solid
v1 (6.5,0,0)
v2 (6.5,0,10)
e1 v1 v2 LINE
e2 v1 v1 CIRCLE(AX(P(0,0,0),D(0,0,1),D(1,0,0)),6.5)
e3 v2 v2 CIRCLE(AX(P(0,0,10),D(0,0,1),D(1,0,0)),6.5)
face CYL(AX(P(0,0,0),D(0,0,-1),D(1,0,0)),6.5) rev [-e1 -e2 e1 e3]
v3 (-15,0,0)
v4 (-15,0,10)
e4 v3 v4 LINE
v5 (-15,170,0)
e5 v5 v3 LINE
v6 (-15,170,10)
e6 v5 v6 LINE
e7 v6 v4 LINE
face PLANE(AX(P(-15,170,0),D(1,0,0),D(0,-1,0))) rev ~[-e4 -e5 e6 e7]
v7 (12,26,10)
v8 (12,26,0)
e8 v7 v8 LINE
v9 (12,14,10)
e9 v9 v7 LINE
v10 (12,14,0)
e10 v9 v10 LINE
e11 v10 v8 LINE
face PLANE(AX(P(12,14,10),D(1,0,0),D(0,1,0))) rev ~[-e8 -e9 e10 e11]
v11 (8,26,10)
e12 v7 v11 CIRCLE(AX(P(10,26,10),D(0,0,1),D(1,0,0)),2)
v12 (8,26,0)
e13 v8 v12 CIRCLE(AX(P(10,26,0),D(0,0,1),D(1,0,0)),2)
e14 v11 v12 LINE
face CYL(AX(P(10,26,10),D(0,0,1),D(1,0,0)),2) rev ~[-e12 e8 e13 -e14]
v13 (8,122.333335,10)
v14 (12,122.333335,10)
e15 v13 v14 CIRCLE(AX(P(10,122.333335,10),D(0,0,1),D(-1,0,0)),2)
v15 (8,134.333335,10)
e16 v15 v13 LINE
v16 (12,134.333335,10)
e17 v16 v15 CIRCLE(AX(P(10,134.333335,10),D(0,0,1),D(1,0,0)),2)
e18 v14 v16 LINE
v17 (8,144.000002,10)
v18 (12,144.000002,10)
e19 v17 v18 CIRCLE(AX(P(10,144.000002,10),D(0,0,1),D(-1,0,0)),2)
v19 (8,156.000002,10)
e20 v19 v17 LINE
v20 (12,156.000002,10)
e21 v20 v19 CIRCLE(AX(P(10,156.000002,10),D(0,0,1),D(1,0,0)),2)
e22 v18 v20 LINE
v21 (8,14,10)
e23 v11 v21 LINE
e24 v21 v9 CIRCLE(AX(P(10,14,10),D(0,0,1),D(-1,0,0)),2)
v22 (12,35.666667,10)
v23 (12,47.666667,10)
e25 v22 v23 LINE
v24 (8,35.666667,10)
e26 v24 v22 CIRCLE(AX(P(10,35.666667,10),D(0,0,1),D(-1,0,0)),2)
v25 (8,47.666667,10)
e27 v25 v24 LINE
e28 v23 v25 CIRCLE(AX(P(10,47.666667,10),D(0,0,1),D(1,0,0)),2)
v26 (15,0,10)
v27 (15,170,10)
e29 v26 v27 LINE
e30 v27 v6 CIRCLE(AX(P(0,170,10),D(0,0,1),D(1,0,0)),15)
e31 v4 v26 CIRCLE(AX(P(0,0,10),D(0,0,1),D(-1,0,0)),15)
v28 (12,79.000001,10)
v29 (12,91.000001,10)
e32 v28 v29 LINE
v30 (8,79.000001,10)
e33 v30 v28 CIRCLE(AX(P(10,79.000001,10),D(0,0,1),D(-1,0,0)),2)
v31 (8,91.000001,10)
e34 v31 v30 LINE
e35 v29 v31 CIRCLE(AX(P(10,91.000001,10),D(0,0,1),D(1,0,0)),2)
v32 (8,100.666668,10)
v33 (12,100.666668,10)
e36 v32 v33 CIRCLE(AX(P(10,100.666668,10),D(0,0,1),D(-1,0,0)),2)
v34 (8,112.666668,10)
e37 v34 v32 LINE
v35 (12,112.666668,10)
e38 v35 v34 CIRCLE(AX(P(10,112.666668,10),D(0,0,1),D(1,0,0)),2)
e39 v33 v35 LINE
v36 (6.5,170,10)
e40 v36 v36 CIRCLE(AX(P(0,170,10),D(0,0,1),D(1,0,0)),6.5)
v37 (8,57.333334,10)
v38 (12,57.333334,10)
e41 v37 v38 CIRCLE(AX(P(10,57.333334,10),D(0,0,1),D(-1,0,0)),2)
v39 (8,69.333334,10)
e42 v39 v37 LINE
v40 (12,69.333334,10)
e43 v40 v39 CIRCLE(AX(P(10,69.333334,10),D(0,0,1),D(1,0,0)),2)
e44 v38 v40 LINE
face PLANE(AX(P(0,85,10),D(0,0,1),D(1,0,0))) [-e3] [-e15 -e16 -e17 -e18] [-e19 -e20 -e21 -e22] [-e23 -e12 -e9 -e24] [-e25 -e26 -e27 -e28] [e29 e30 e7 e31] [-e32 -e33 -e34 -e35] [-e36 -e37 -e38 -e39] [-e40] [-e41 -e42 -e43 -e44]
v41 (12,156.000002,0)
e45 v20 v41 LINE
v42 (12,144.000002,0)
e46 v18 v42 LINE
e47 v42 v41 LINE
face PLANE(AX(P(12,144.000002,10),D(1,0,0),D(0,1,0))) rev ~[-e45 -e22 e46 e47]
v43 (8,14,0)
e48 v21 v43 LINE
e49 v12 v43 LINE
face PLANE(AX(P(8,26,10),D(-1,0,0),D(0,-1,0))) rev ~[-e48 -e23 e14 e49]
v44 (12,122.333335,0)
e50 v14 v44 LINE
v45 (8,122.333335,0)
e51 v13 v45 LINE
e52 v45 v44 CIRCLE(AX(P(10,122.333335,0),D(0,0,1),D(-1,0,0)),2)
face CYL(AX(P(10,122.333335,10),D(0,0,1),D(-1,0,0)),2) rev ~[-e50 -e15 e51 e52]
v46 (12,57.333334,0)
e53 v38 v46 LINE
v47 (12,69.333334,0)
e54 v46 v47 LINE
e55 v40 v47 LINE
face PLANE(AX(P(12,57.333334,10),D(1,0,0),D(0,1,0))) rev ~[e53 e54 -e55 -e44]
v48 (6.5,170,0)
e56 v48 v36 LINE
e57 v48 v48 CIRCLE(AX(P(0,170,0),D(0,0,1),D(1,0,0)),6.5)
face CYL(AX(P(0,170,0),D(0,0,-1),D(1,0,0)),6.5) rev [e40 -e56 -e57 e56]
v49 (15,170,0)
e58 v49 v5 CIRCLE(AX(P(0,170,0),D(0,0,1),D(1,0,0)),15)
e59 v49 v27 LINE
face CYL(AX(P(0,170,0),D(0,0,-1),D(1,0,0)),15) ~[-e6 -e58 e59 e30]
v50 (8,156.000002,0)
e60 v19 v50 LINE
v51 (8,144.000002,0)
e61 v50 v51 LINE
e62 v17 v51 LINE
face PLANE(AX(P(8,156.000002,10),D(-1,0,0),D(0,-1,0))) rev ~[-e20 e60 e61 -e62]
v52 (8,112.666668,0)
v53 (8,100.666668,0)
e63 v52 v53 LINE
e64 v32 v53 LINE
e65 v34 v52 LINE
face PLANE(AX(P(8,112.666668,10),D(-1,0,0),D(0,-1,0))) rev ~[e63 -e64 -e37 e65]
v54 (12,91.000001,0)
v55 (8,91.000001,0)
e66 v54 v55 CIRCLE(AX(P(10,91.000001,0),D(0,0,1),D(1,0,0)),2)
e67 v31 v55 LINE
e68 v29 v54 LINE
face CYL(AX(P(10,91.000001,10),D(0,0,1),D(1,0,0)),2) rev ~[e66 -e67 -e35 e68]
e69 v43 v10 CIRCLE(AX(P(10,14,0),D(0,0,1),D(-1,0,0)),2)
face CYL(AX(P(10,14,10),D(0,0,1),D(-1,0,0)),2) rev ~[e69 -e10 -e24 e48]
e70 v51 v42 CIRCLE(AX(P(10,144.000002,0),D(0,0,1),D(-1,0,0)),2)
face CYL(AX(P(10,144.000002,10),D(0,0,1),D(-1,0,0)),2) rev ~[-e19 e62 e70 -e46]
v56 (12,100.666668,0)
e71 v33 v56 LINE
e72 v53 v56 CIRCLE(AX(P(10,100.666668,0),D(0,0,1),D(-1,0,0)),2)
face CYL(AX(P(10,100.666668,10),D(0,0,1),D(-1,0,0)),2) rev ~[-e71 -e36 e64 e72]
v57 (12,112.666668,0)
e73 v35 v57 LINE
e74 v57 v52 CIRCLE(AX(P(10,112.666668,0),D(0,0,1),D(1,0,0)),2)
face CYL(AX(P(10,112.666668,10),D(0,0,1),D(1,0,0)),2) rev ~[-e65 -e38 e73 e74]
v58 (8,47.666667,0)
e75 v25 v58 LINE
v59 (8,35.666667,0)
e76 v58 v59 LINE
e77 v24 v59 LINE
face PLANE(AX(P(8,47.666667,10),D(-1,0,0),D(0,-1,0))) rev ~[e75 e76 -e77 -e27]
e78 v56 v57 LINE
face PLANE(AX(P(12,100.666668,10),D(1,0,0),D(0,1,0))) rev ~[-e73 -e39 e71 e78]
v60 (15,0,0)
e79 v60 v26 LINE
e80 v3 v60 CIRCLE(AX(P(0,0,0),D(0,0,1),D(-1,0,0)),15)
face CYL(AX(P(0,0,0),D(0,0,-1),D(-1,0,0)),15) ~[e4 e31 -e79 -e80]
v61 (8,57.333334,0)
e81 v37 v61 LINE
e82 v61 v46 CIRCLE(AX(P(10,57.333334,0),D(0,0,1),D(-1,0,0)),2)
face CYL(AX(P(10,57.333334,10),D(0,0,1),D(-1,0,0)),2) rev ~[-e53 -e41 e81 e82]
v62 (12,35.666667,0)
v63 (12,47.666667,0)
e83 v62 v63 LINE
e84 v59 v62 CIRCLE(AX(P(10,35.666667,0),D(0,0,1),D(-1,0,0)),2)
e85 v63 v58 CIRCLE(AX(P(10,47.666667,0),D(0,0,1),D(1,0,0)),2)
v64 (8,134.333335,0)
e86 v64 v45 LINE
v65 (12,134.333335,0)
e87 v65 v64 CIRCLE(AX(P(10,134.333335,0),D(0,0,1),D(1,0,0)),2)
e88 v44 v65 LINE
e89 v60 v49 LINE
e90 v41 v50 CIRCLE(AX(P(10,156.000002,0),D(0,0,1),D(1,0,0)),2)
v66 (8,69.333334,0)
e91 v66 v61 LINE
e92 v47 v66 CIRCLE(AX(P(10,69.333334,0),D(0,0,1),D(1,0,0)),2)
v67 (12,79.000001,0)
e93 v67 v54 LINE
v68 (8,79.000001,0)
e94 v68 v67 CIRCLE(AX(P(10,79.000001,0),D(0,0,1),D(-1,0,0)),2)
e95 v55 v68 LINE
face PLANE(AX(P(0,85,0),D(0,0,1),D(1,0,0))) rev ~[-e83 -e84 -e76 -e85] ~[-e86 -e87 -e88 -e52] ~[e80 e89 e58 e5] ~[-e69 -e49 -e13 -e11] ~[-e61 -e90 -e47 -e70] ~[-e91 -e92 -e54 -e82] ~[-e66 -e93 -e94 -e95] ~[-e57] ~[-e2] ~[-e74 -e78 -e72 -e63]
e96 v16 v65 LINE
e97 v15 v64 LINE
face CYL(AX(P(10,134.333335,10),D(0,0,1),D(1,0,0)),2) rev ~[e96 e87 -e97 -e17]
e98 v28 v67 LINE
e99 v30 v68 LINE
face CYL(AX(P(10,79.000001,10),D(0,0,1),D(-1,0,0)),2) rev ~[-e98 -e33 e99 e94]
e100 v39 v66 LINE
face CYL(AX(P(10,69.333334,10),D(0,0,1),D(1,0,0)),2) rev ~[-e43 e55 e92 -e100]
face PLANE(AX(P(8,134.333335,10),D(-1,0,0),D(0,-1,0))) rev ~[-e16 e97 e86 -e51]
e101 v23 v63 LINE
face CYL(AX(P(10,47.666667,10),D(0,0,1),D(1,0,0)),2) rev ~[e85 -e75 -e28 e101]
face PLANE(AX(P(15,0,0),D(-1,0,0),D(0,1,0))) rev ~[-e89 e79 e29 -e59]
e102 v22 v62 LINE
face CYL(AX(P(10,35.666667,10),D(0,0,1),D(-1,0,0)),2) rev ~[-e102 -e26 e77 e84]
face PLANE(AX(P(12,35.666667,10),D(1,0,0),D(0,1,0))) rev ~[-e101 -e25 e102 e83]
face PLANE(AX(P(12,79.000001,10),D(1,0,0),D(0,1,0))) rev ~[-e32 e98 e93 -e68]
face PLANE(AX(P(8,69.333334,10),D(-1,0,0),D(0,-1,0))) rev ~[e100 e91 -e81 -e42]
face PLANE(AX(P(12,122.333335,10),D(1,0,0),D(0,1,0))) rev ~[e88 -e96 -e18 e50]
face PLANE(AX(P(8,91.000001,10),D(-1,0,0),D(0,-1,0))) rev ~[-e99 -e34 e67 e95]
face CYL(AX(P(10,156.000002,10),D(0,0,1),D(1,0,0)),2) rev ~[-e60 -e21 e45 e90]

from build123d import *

# Parameters (mm, degrees)
SKETCH_R            = 6.5
PAD_DEPTH           = 10
POCKET_DEPTH        = 12
LINEARPATTERN_COUNT = 7
LINEARPATTERN_PITCH = 21.666667


with BuildPart() as part:
    # Sketch → Pad (new body)
    with BuildSketch(Plane.XY):
        with BuildLine():
            ThreePointArc((-15, 0), (0, -15), (15, 0))
            Line((15, 0), (15, 170))
            ThreePointArc((15, 170), (0, 185), (-15, 170))
            Line((-15, 170), (-15, 0))
        make_face()
        Circle(SKETCH_R, mode=Mode.SUBTRACT)
        with Locations((0, 170)):
            Circle(SKETCH_R, mode=Mode.SUBTRACT)
    extrude(amount=PAD_DEPTH)

    # Sketch001 (on Face8 of Pad) → Pocket (cut)
    with BuildSketch(Plane.XY.offset(10)):
        with BuildLine():
            ThreePointArc((12, 26), (10, 28), (8, 26))
            Line((8, 26), (8, 14))
            ThreePointArc((8, 14), (10, 12), (12, 14))
            Line((12, 14), (12, 26))
        make_face()
    pocket = extrude(amount=-POCKET_DEPTH, mode=Mode.SUBTRACT)

    # LinearPattern: Pocket ×7
    with Locations(*[(0, i * LINEARPATTERN_PITCH, 0) for i in range(1, LINEARPATTERN_COUNT)]):
        add(pocket, mode=Mode.SUBTRACT)


solid = part.part
